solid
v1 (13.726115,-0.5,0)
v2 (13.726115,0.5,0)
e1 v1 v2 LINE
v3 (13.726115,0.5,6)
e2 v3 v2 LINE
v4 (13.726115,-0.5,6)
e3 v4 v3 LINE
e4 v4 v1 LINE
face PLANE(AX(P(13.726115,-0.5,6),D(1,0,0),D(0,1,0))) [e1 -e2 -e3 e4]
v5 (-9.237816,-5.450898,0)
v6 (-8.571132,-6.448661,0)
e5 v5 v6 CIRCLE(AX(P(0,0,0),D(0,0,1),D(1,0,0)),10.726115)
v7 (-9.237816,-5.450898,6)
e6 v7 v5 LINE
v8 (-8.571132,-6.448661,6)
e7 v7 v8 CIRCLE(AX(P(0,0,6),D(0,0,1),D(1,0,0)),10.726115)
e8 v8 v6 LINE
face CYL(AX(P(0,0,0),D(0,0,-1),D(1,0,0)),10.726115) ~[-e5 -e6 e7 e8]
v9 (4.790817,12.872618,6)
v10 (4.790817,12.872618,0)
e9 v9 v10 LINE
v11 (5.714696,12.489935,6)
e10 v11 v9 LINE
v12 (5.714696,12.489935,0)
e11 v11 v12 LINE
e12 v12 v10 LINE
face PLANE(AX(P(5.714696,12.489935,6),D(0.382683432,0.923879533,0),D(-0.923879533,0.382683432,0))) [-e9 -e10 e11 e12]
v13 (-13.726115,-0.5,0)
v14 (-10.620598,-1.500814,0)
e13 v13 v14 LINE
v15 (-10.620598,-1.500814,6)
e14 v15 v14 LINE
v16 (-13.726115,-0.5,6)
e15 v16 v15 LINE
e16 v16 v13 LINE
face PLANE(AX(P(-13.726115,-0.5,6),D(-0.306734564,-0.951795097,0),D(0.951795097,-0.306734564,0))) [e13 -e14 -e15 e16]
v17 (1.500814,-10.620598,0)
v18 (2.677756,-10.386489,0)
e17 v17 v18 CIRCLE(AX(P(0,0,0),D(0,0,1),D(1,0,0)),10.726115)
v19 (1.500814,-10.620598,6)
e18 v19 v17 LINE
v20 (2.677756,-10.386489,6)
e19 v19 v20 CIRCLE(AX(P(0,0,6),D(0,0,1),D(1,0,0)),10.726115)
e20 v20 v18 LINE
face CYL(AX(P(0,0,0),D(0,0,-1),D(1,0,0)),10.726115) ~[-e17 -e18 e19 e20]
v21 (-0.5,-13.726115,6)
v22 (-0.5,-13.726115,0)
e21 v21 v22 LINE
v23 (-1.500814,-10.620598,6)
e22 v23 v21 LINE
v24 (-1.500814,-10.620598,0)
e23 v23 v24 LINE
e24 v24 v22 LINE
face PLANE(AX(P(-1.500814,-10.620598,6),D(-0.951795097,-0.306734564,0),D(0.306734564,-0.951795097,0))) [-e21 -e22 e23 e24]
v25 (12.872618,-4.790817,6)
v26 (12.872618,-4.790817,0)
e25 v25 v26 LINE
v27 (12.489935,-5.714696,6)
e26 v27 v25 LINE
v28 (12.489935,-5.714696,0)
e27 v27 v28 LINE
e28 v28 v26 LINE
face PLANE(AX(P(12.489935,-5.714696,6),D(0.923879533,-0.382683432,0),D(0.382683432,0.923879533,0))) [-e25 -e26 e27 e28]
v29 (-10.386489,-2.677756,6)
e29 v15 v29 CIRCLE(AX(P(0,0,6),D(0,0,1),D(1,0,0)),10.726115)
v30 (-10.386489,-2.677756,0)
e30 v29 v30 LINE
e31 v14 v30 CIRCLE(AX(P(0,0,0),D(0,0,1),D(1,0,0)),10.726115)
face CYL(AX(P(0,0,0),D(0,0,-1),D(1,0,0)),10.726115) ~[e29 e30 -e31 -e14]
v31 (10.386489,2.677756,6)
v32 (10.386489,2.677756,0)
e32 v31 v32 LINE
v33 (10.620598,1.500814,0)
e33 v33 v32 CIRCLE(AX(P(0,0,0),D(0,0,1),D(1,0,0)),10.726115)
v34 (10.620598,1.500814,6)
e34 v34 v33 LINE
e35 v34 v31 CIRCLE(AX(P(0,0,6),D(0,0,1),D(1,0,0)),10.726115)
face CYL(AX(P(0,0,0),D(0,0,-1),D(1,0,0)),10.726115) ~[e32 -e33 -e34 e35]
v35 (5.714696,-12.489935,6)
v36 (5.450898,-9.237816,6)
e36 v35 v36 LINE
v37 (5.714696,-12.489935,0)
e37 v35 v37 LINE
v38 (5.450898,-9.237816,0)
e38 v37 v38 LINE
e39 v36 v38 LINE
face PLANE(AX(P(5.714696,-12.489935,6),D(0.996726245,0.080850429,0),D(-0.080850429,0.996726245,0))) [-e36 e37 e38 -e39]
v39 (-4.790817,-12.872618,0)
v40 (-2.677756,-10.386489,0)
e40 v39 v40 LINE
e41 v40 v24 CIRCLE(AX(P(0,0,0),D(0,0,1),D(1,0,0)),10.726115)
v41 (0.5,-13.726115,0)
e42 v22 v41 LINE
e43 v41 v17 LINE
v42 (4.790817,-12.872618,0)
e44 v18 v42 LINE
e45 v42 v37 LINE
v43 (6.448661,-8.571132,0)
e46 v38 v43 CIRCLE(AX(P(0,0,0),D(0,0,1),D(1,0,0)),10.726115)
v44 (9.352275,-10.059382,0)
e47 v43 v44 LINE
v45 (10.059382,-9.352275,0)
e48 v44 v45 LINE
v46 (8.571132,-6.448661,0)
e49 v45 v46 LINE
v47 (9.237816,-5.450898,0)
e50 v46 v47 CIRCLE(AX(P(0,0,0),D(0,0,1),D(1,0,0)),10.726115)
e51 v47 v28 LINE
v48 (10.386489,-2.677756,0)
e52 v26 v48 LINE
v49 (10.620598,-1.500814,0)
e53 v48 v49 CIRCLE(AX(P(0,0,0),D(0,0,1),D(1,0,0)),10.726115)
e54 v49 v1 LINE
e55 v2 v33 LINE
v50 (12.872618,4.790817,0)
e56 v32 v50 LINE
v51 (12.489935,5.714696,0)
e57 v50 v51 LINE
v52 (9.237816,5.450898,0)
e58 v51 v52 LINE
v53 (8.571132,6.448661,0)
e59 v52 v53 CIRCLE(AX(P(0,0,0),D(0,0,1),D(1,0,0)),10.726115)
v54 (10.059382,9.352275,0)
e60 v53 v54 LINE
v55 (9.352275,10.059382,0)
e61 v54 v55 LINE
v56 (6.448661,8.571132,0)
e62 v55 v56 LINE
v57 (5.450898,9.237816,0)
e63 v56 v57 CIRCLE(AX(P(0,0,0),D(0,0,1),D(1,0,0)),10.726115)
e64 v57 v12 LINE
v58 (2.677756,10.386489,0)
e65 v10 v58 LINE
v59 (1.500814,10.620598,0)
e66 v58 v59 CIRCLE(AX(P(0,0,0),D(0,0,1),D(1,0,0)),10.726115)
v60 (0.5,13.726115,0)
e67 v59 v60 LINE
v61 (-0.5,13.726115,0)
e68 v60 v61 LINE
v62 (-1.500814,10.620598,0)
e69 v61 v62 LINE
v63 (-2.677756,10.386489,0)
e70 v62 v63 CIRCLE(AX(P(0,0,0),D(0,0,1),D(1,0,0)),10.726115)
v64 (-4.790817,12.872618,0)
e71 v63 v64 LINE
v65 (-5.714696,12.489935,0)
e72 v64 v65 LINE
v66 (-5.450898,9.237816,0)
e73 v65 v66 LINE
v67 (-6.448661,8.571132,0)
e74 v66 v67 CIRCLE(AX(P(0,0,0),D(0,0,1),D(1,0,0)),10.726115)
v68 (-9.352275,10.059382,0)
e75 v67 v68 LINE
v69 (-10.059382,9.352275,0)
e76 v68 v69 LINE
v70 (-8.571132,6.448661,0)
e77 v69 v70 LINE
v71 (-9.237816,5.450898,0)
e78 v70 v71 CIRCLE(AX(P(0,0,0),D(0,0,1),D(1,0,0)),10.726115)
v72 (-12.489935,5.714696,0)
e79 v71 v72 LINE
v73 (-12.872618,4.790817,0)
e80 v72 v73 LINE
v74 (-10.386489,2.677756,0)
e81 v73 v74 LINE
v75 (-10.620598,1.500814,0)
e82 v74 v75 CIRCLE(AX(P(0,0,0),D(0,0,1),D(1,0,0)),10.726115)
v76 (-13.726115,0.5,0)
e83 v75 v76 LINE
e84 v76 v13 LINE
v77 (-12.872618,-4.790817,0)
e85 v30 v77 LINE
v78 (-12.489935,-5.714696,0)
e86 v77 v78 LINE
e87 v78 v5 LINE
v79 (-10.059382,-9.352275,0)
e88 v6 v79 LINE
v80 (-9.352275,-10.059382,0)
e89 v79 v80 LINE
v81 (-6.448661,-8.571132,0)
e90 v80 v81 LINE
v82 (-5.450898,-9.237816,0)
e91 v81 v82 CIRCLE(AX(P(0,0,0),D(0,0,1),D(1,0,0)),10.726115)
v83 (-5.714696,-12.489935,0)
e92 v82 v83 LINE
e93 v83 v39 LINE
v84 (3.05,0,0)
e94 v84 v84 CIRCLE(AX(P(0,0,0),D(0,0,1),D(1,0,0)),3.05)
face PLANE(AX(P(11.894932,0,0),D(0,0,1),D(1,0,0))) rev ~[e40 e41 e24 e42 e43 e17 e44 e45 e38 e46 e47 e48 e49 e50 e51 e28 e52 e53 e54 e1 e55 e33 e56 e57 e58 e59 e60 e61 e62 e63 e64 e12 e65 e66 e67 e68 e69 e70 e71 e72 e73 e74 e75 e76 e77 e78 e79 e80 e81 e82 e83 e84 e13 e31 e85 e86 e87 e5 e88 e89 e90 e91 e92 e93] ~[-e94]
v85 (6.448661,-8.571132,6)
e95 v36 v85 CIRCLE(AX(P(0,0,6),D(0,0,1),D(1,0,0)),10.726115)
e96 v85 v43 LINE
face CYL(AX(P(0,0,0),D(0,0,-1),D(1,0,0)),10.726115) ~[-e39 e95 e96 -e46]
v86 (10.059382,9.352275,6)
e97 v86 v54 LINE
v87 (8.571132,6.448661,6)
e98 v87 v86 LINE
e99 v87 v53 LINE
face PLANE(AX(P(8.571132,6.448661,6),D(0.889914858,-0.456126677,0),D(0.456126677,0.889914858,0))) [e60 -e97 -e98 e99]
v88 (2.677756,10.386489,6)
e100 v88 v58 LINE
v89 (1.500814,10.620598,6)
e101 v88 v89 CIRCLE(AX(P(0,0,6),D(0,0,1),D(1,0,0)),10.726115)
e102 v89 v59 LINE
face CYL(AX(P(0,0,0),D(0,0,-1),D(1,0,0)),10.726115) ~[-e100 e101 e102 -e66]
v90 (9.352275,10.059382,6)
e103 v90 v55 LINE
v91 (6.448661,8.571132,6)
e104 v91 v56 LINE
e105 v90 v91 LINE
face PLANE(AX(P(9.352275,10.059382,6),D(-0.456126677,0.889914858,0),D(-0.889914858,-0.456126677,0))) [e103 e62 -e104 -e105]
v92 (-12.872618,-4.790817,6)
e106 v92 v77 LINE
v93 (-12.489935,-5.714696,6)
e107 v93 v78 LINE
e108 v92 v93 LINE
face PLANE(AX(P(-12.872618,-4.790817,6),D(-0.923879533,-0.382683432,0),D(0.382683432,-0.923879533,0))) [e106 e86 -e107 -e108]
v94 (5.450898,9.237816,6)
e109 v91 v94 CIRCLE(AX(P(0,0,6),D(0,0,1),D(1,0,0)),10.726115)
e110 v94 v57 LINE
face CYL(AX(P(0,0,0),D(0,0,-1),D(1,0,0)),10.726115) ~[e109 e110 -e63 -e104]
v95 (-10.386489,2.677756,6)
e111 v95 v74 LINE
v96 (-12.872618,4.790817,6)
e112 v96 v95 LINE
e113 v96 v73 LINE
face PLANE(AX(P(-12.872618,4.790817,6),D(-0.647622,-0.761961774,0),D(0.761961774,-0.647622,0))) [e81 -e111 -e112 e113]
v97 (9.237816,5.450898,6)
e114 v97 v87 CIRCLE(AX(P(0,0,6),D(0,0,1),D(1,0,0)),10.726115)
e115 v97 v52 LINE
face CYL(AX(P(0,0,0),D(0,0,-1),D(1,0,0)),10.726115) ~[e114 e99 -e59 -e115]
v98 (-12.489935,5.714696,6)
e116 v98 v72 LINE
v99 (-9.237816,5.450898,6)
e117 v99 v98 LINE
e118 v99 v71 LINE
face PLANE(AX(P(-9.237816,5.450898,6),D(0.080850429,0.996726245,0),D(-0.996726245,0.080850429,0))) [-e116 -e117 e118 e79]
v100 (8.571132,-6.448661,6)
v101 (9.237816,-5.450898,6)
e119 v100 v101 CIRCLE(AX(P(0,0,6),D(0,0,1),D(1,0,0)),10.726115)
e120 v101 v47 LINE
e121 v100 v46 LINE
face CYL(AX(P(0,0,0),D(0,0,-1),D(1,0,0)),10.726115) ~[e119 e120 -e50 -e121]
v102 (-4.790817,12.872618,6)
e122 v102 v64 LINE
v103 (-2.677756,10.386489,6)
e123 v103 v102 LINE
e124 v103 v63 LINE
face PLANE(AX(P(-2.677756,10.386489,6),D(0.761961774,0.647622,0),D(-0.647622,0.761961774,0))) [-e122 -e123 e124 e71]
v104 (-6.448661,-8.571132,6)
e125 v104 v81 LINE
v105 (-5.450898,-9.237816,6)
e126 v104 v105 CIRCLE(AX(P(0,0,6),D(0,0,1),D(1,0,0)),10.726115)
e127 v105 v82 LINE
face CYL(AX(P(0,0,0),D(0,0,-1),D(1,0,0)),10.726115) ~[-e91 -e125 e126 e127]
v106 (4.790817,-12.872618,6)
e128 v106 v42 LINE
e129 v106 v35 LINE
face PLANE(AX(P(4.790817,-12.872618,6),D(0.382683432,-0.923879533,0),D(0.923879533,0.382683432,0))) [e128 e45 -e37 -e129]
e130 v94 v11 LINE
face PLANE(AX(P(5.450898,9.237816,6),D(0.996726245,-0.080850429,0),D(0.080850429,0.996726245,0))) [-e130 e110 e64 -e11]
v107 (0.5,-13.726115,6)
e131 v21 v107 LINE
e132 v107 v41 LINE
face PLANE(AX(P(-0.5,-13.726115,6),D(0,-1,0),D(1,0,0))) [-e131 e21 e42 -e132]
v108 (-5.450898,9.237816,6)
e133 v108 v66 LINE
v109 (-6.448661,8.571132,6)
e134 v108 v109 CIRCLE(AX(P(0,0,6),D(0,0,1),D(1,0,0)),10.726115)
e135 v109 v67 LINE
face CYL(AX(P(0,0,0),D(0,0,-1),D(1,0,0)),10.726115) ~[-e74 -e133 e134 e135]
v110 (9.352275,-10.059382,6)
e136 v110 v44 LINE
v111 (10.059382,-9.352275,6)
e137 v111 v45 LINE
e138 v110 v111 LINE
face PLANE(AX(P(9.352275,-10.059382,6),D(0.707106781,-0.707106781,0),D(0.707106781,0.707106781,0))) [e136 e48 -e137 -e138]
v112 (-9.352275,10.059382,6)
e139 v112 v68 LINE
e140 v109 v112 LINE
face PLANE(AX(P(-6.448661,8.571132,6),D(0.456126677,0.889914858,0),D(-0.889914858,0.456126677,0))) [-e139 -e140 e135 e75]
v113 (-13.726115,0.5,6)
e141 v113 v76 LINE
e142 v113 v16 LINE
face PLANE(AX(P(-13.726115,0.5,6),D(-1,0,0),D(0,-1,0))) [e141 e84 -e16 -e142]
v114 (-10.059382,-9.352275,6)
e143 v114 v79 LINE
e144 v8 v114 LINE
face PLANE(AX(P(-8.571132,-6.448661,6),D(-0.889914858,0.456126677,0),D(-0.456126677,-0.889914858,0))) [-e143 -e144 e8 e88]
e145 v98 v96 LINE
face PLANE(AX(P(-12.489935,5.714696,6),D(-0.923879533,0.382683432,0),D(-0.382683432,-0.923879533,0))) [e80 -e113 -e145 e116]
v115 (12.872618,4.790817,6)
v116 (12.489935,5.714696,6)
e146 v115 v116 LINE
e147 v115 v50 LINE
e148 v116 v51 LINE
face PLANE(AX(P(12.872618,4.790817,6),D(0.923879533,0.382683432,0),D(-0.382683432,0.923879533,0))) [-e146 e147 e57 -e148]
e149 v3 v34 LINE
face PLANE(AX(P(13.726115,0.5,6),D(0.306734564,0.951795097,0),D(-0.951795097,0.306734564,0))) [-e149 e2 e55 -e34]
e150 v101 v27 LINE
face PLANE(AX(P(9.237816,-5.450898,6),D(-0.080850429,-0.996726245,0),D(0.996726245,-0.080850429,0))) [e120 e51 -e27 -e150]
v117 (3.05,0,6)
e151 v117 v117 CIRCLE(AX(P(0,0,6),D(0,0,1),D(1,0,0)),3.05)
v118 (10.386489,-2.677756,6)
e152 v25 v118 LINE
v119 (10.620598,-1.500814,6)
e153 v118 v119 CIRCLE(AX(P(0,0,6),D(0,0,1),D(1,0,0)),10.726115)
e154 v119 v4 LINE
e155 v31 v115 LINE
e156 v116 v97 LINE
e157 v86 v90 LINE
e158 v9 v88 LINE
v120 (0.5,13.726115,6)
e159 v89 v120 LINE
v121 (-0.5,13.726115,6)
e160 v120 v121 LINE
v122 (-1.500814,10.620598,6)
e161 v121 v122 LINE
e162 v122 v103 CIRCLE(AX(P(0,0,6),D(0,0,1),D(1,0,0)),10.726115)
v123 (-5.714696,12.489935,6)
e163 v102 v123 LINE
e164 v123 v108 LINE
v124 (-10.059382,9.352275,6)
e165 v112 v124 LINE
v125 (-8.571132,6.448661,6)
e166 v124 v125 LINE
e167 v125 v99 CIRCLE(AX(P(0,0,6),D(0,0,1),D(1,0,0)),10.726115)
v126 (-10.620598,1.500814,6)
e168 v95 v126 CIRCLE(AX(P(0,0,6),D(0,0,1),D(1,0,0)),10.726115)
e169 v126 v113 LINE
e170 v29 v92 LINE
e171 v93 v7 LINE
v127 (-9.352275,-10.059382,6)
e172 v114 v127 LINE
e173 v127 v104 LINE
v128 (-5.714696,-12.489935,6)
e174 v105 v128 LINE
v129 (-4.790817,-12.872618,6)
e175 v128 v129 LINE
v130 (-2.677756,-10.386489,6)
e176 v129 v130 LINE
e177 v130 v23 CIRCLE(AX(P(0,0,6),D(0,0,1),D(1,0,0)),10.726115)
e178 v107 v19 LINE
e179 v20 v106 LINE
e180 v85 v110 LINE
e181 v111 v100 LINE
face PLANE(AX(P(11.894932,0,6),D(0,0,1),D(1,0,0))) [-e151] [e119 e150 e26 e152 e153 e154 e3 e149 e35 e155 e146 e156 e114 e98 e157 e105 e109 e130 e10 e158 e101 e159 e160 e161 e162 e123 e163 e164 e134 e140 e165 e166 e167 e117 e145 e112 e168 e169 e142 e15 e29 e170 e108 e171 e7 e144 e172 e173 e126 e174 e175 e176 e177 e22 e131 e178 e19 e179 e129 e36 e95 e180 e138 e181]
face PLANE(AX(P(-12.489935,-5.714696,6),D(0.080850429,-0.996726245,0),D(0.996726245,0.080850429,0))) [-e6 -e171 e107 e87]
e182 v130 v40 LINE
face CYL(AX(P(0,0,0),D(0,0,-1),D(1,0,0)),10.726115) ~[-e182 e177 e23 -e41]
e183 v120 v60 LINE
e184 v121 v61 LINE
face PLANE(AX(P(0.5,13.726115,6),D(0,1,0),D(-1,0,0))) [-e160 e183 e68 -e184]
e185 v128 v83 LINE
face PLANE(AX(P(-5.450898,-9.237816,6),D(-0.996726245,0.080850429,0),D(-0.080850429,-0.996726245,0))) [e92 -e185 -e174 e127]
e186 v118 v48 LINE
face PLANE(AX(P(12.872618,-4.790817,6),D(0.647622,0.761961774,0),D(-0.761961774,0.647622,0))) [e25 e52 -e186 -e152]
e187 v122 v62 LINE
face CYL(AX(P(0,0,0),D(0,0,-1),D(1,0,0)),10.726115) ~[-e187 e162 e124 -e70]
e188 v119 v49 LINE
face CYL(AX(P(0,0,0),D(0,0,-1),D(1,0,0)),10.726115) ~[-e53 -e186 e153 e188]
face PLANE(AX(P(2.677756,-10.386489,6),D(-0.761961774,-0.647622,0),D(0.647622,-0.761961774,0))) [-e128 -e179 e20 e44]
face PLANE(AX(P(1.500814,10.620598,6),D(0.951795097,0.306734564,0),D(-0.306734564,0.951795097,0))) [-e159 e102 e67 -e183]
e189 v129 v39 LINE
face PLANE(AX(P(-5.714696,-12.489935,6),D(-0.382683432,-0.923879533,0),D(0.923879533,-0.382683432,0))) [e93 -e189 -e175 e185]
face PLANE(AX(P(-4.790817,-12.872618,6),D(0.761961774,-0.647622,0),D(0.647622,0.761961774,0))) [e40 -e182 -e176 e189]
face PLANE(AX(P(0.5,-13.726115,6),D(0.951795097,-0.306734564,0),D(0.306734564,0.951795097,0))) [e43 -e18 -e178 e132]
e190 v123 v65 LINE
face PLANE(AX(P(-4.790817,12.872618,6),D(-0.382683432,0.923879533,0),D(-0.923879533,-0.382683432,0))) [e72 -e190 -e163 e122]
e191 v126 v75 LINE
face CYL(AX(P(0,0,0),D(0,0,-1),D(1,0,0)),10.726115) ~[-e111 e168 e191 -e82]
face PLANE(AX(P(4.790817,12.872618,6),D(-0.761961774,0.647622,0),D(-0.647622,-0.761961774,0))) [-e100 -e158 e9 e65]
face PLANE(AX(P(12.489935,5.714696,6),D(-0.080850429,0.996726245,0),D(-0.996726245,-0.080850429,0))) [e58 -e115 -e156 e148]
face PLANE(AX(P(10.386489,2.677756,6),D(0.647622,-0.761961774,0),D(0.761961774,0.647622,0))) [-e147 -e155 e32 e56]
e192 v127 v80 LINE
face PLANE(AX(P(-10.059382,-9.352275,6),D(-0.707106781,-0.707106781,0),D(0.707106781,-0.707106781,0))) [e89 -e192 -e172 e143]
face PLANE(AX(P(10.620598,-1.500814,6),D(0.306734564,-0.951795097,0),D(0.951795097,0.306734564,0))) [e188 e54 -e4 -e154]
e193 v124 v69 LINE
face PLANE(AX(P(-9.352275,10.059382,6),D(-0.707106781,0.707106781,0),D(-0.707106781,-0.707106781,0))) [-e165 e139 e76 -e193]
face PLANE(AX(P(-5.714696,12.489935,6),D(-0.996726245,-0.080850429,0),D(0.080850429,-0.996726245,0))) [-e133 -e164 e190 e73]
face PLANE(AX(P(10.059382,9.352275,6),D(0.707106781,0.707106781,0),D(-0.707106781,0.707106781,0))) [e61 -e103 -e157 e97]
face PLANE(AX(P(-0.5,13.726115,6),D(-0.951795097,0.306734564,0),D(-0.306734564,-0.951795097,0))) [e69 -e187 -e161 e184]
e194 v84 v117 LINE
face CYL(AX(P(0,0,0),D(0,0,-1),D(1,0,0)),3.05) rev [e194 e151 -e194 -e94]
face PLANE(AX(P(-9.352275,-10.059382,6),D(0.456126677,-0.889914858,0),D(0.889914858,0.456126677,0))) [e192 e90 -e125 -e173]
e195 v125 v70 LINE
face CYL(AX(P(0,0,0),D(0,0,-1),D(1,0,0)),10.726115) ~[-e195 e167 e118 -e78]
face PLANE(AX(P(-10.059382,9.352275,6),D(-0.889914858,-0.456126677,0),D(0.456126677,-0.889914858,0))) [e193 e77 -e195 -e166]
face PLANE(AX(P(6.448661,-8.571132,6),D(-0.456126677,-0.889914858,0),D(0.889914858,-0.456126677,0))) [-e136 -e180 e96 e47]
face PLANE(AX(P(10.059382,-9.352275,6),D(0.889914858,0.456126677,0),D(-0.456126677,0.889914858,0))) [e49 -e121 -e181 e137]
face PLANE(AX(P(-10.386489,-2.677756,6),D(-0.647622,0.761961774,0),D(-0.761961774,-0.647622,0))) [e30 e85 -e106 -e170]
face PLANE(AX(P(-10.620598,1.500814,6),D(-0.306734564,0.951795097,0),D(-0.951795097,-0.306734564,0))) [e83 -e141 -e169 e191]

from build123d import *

# Parameters (mm, degrees)
SKETCH1_R           = 10.72611465
SKETCH1_R_2         = 3.05
BOSS_EXTRUDE1_DEPTH = 6
BOSS_EXTRUDE2_DEPTH = 6


with BuildPart() as part:
    # Sketch1 → Boss-Extrude1 (new body)
    with BuildSketch(Plane.XY):
        Circle(SKETCH1_R)
        Circle(SKETCH1_R_2, mode=Mode.SUBTRACT)
    extrude(amount=BOSS_EXTRUDE1_DEPTH)

    # Sketch3 → Boss-Extrude2 (add)
    with BuildSketch(Plane.XY.offset(6)):
        with BuildLine():
            Line((-13.72611465, 0.5), (-13.72611465, -0.5))
            Line((-13.72611465, -0.5), (-10.620597641, -1.500813525))
            ThreePointArc((-10.620597641, -1.500813525), (-10.72611465, 0), (-10.620597641, 1.500813525))
            Line((-10.620597641, 1.500813525), (-13.72611465, 0.5))
        make_face()
        with BuildLine():
            Line((-12.872618102, 4.790816901), (-10.386489254, 2.677755861))
            ThreePointArc((-10.386489254, 2.677755861), (-9.909637788, 4.10470637), (-9.237816312, 5.450897656))
            Line((-9.237816312, 5.450897656), (-12.48993467, 5.714696433))
            Line((-12.48993467, 5.714696433), (-12.872618102, 4.790816901))
        make_face()
        with BuildLine():
            ThreePointArc((-9.237816312, -5.450897656), (-9.909637788, -4.10470637), (-10.386489254, -2.677755861))
            Line((-10.386489254, -2.677755861), (-12.872618102, -4.790816901))
            Line((-12.872618102, -4.790816901), (-12.48993467, -5.714696433))
            Line((-12.48993467, -5.714696433), (-9.237816312, -5.450897656))
        make_face()
        with BuildLine():
            Line((-10.059382139, 9.352275358), (-8.571132033, 6.448661191))
            ThreePointArc((-8.571132033, 6.448661191), (-7.584508405, 7.584508405), (-6.448661191, 8.571132033))
            Line((-6.448661191, 8.571132033), (-9.352275358, 10.059382139))
            Line((-9.352275358, 10.059382139), (-10.059382139, 9.352275358))
        make_face()
        with BuildLine():
            ThreePointArc((-6.448661191, -8.571132033), (-7.584508405, -7.584508405), (-8.571132033, -6.448661191))
            Line((-8.571132033, -6.448661191), (-10.059382139, -9.352275358))
            Line((-10.059382139, -9.352275358), (-9.352275358, -10.059382139))
            Line((-9.352275358, -10.059382139), (-6.448661191, -8.571132033))
        make_face()
        with BuildLine():
            Line((-5.714696433, 12.48993467), (-5.450897656, 9.237816312))
            ThreePointArc((-5.450897656, 9.237816312), (-4.10470637, 9.909637788), (-2.677755861, 10.386489254))
            Line((-2.677755861, 10.386489254), (-4.790816901, 12.872618102))
            Line((-4.790816901, 12.872618102), (-5.714696433, 12.48993467))
        make_face()
        with BuildLine():
            ThreePointArc((-2.677755861, -10.386489254), (-4.10470637, -9.909637788), (-5.450897656, -9.237816312))
            Line((-5.450897656, -9.237816312), (-5.714696433, -12.48993467))
            Line((-5.714696433, -12.48993467), (-4.790816901, -12.872618102))
            Line((-4.790816901, -12.872618102), (-2.677755861, -10.386489254))
        make_face()
        with BuildLine():
            Line((-0.5, 13.72611465), (-1.500813525, 10.620597641))
            ThreePointArc((-1.500813525, 10.620597641), (0, 10.72611465), (1.500813525, 10.620597641))
            Line((1.500813525, 10.620597641), (0.5, 13.72611465))
            Line((0.5, 13.72611465), (-0.5, 13.72611465))
        make_face()
        with BuildLine():
            ThreePointArc((1.500813525, -10.620597641), (0, -10.72611465), (-1.500813525, -10.620597641))
            Line((-1.500813525, -10.620597641), (-0.5, -13.72611465))
            Line((-0.5, -13.72611465), (0.5, -13.72611465))
            Line((0.5, -13.72611465), (1.500813525, -10.620597641))
        make_face()
        with BuildLine():
            Line((4.790816901, 12.872618102), (2.677755861, 10.386489254))
            ThreePointArc((2.677755861, 10.386489254), (4.10470637, 9.909637788), (5.450897656, 9.237816312))
            Line((5.450897656, 9.237816312), (5.714696433, 12.48993467))
            Line((5.714696433, 12.48993467), (4.790816901, 12.872618102))
        make_face()
        with BuildLine():
            ThreePointArc((5.450897656, -9.237816312), (4.10470637, -9.909637788), (2.677755861, -10.386489254))
            Line((2.677755861, -10.386489254), (4.790816901, -12.872618102))
            Line((4.790816901, -12.872618102), (5.714696433, -12.48993467))
            Line((5.714696433, -12.48993467), (5.450897656, -9.237816312))
        make_face()
        with BuildLine():
            Line((9.352275358, 10.059382139), (6.448661191, 8.571132033))
            ThreePointArc((6.448661191, 8.571132033), (7.584508405, 7.584508405), (8.571132033, 6.448661191))
            Line((8.571132033, 6.448661191), (10.059382139, 9.352275358))
            Line((10.059382139, 9.352275358), (9.352275358, 10.059382139))
        make_face()
        with BuildLine():
            ThreePointArc((8.571132033, -6.448661191), (7.584508405, -7.584508405), (6.448661191, -8.571132033))
            Line((6.448661191, -8.571132033), (9.352275358, -10.059382139))
            Line((9.352275358, -10.059382139), (10.059382139, -9.352275358))
            Line((10.059382139, -9.352275358), (8.571132033, -6.448661191))
        make_face()
        with BuildLine():
            Line((12.48993467, 5.714696433), (9.237816312, 5.450897656))
            ThreePointArc((9.237816312, 5.450897656), (9.909637788, 4.10470637), (10.386489254, 2.677755861))
            Line((10.386489254, 2.677755861), (12.872618102, 4.790816901))
            Line((12.872618102, 4.790816901), (12.48993467, 5.714696433))
        make_face()
        with BuildLine():
            ThreePointArc((10.386489254, -2.677755861), (9.909637788, -4.10470637), (9.237816312, -5.450897656))
            Line((9.237816312, -5.450897656), (12.48993467, -5.714696433))
            Line((12.48993467, -5.714696433), (12.872618102, -4.790816901))
            Line((12.872618102, -4.790816901), (10.386489254, -2.677755861))
        make_face()
        with BuildLine():
            Line((13.72611465, 0.5), (10.620597641, 1.500813525))
            ThreePointArc((10.620597641, 1.500813525), (10.72611465, 0), (10.620597641, -1.500813525))
            Line((10.620597641, -1.500813525), (13.72611465, -0.5))
            Line((13.72611465, -0.5), (13.72611465, 0.5))
        make_face()
    extrude(amount=-BOSS_EXTRUDE2_DEPTH)


solid = part.part
